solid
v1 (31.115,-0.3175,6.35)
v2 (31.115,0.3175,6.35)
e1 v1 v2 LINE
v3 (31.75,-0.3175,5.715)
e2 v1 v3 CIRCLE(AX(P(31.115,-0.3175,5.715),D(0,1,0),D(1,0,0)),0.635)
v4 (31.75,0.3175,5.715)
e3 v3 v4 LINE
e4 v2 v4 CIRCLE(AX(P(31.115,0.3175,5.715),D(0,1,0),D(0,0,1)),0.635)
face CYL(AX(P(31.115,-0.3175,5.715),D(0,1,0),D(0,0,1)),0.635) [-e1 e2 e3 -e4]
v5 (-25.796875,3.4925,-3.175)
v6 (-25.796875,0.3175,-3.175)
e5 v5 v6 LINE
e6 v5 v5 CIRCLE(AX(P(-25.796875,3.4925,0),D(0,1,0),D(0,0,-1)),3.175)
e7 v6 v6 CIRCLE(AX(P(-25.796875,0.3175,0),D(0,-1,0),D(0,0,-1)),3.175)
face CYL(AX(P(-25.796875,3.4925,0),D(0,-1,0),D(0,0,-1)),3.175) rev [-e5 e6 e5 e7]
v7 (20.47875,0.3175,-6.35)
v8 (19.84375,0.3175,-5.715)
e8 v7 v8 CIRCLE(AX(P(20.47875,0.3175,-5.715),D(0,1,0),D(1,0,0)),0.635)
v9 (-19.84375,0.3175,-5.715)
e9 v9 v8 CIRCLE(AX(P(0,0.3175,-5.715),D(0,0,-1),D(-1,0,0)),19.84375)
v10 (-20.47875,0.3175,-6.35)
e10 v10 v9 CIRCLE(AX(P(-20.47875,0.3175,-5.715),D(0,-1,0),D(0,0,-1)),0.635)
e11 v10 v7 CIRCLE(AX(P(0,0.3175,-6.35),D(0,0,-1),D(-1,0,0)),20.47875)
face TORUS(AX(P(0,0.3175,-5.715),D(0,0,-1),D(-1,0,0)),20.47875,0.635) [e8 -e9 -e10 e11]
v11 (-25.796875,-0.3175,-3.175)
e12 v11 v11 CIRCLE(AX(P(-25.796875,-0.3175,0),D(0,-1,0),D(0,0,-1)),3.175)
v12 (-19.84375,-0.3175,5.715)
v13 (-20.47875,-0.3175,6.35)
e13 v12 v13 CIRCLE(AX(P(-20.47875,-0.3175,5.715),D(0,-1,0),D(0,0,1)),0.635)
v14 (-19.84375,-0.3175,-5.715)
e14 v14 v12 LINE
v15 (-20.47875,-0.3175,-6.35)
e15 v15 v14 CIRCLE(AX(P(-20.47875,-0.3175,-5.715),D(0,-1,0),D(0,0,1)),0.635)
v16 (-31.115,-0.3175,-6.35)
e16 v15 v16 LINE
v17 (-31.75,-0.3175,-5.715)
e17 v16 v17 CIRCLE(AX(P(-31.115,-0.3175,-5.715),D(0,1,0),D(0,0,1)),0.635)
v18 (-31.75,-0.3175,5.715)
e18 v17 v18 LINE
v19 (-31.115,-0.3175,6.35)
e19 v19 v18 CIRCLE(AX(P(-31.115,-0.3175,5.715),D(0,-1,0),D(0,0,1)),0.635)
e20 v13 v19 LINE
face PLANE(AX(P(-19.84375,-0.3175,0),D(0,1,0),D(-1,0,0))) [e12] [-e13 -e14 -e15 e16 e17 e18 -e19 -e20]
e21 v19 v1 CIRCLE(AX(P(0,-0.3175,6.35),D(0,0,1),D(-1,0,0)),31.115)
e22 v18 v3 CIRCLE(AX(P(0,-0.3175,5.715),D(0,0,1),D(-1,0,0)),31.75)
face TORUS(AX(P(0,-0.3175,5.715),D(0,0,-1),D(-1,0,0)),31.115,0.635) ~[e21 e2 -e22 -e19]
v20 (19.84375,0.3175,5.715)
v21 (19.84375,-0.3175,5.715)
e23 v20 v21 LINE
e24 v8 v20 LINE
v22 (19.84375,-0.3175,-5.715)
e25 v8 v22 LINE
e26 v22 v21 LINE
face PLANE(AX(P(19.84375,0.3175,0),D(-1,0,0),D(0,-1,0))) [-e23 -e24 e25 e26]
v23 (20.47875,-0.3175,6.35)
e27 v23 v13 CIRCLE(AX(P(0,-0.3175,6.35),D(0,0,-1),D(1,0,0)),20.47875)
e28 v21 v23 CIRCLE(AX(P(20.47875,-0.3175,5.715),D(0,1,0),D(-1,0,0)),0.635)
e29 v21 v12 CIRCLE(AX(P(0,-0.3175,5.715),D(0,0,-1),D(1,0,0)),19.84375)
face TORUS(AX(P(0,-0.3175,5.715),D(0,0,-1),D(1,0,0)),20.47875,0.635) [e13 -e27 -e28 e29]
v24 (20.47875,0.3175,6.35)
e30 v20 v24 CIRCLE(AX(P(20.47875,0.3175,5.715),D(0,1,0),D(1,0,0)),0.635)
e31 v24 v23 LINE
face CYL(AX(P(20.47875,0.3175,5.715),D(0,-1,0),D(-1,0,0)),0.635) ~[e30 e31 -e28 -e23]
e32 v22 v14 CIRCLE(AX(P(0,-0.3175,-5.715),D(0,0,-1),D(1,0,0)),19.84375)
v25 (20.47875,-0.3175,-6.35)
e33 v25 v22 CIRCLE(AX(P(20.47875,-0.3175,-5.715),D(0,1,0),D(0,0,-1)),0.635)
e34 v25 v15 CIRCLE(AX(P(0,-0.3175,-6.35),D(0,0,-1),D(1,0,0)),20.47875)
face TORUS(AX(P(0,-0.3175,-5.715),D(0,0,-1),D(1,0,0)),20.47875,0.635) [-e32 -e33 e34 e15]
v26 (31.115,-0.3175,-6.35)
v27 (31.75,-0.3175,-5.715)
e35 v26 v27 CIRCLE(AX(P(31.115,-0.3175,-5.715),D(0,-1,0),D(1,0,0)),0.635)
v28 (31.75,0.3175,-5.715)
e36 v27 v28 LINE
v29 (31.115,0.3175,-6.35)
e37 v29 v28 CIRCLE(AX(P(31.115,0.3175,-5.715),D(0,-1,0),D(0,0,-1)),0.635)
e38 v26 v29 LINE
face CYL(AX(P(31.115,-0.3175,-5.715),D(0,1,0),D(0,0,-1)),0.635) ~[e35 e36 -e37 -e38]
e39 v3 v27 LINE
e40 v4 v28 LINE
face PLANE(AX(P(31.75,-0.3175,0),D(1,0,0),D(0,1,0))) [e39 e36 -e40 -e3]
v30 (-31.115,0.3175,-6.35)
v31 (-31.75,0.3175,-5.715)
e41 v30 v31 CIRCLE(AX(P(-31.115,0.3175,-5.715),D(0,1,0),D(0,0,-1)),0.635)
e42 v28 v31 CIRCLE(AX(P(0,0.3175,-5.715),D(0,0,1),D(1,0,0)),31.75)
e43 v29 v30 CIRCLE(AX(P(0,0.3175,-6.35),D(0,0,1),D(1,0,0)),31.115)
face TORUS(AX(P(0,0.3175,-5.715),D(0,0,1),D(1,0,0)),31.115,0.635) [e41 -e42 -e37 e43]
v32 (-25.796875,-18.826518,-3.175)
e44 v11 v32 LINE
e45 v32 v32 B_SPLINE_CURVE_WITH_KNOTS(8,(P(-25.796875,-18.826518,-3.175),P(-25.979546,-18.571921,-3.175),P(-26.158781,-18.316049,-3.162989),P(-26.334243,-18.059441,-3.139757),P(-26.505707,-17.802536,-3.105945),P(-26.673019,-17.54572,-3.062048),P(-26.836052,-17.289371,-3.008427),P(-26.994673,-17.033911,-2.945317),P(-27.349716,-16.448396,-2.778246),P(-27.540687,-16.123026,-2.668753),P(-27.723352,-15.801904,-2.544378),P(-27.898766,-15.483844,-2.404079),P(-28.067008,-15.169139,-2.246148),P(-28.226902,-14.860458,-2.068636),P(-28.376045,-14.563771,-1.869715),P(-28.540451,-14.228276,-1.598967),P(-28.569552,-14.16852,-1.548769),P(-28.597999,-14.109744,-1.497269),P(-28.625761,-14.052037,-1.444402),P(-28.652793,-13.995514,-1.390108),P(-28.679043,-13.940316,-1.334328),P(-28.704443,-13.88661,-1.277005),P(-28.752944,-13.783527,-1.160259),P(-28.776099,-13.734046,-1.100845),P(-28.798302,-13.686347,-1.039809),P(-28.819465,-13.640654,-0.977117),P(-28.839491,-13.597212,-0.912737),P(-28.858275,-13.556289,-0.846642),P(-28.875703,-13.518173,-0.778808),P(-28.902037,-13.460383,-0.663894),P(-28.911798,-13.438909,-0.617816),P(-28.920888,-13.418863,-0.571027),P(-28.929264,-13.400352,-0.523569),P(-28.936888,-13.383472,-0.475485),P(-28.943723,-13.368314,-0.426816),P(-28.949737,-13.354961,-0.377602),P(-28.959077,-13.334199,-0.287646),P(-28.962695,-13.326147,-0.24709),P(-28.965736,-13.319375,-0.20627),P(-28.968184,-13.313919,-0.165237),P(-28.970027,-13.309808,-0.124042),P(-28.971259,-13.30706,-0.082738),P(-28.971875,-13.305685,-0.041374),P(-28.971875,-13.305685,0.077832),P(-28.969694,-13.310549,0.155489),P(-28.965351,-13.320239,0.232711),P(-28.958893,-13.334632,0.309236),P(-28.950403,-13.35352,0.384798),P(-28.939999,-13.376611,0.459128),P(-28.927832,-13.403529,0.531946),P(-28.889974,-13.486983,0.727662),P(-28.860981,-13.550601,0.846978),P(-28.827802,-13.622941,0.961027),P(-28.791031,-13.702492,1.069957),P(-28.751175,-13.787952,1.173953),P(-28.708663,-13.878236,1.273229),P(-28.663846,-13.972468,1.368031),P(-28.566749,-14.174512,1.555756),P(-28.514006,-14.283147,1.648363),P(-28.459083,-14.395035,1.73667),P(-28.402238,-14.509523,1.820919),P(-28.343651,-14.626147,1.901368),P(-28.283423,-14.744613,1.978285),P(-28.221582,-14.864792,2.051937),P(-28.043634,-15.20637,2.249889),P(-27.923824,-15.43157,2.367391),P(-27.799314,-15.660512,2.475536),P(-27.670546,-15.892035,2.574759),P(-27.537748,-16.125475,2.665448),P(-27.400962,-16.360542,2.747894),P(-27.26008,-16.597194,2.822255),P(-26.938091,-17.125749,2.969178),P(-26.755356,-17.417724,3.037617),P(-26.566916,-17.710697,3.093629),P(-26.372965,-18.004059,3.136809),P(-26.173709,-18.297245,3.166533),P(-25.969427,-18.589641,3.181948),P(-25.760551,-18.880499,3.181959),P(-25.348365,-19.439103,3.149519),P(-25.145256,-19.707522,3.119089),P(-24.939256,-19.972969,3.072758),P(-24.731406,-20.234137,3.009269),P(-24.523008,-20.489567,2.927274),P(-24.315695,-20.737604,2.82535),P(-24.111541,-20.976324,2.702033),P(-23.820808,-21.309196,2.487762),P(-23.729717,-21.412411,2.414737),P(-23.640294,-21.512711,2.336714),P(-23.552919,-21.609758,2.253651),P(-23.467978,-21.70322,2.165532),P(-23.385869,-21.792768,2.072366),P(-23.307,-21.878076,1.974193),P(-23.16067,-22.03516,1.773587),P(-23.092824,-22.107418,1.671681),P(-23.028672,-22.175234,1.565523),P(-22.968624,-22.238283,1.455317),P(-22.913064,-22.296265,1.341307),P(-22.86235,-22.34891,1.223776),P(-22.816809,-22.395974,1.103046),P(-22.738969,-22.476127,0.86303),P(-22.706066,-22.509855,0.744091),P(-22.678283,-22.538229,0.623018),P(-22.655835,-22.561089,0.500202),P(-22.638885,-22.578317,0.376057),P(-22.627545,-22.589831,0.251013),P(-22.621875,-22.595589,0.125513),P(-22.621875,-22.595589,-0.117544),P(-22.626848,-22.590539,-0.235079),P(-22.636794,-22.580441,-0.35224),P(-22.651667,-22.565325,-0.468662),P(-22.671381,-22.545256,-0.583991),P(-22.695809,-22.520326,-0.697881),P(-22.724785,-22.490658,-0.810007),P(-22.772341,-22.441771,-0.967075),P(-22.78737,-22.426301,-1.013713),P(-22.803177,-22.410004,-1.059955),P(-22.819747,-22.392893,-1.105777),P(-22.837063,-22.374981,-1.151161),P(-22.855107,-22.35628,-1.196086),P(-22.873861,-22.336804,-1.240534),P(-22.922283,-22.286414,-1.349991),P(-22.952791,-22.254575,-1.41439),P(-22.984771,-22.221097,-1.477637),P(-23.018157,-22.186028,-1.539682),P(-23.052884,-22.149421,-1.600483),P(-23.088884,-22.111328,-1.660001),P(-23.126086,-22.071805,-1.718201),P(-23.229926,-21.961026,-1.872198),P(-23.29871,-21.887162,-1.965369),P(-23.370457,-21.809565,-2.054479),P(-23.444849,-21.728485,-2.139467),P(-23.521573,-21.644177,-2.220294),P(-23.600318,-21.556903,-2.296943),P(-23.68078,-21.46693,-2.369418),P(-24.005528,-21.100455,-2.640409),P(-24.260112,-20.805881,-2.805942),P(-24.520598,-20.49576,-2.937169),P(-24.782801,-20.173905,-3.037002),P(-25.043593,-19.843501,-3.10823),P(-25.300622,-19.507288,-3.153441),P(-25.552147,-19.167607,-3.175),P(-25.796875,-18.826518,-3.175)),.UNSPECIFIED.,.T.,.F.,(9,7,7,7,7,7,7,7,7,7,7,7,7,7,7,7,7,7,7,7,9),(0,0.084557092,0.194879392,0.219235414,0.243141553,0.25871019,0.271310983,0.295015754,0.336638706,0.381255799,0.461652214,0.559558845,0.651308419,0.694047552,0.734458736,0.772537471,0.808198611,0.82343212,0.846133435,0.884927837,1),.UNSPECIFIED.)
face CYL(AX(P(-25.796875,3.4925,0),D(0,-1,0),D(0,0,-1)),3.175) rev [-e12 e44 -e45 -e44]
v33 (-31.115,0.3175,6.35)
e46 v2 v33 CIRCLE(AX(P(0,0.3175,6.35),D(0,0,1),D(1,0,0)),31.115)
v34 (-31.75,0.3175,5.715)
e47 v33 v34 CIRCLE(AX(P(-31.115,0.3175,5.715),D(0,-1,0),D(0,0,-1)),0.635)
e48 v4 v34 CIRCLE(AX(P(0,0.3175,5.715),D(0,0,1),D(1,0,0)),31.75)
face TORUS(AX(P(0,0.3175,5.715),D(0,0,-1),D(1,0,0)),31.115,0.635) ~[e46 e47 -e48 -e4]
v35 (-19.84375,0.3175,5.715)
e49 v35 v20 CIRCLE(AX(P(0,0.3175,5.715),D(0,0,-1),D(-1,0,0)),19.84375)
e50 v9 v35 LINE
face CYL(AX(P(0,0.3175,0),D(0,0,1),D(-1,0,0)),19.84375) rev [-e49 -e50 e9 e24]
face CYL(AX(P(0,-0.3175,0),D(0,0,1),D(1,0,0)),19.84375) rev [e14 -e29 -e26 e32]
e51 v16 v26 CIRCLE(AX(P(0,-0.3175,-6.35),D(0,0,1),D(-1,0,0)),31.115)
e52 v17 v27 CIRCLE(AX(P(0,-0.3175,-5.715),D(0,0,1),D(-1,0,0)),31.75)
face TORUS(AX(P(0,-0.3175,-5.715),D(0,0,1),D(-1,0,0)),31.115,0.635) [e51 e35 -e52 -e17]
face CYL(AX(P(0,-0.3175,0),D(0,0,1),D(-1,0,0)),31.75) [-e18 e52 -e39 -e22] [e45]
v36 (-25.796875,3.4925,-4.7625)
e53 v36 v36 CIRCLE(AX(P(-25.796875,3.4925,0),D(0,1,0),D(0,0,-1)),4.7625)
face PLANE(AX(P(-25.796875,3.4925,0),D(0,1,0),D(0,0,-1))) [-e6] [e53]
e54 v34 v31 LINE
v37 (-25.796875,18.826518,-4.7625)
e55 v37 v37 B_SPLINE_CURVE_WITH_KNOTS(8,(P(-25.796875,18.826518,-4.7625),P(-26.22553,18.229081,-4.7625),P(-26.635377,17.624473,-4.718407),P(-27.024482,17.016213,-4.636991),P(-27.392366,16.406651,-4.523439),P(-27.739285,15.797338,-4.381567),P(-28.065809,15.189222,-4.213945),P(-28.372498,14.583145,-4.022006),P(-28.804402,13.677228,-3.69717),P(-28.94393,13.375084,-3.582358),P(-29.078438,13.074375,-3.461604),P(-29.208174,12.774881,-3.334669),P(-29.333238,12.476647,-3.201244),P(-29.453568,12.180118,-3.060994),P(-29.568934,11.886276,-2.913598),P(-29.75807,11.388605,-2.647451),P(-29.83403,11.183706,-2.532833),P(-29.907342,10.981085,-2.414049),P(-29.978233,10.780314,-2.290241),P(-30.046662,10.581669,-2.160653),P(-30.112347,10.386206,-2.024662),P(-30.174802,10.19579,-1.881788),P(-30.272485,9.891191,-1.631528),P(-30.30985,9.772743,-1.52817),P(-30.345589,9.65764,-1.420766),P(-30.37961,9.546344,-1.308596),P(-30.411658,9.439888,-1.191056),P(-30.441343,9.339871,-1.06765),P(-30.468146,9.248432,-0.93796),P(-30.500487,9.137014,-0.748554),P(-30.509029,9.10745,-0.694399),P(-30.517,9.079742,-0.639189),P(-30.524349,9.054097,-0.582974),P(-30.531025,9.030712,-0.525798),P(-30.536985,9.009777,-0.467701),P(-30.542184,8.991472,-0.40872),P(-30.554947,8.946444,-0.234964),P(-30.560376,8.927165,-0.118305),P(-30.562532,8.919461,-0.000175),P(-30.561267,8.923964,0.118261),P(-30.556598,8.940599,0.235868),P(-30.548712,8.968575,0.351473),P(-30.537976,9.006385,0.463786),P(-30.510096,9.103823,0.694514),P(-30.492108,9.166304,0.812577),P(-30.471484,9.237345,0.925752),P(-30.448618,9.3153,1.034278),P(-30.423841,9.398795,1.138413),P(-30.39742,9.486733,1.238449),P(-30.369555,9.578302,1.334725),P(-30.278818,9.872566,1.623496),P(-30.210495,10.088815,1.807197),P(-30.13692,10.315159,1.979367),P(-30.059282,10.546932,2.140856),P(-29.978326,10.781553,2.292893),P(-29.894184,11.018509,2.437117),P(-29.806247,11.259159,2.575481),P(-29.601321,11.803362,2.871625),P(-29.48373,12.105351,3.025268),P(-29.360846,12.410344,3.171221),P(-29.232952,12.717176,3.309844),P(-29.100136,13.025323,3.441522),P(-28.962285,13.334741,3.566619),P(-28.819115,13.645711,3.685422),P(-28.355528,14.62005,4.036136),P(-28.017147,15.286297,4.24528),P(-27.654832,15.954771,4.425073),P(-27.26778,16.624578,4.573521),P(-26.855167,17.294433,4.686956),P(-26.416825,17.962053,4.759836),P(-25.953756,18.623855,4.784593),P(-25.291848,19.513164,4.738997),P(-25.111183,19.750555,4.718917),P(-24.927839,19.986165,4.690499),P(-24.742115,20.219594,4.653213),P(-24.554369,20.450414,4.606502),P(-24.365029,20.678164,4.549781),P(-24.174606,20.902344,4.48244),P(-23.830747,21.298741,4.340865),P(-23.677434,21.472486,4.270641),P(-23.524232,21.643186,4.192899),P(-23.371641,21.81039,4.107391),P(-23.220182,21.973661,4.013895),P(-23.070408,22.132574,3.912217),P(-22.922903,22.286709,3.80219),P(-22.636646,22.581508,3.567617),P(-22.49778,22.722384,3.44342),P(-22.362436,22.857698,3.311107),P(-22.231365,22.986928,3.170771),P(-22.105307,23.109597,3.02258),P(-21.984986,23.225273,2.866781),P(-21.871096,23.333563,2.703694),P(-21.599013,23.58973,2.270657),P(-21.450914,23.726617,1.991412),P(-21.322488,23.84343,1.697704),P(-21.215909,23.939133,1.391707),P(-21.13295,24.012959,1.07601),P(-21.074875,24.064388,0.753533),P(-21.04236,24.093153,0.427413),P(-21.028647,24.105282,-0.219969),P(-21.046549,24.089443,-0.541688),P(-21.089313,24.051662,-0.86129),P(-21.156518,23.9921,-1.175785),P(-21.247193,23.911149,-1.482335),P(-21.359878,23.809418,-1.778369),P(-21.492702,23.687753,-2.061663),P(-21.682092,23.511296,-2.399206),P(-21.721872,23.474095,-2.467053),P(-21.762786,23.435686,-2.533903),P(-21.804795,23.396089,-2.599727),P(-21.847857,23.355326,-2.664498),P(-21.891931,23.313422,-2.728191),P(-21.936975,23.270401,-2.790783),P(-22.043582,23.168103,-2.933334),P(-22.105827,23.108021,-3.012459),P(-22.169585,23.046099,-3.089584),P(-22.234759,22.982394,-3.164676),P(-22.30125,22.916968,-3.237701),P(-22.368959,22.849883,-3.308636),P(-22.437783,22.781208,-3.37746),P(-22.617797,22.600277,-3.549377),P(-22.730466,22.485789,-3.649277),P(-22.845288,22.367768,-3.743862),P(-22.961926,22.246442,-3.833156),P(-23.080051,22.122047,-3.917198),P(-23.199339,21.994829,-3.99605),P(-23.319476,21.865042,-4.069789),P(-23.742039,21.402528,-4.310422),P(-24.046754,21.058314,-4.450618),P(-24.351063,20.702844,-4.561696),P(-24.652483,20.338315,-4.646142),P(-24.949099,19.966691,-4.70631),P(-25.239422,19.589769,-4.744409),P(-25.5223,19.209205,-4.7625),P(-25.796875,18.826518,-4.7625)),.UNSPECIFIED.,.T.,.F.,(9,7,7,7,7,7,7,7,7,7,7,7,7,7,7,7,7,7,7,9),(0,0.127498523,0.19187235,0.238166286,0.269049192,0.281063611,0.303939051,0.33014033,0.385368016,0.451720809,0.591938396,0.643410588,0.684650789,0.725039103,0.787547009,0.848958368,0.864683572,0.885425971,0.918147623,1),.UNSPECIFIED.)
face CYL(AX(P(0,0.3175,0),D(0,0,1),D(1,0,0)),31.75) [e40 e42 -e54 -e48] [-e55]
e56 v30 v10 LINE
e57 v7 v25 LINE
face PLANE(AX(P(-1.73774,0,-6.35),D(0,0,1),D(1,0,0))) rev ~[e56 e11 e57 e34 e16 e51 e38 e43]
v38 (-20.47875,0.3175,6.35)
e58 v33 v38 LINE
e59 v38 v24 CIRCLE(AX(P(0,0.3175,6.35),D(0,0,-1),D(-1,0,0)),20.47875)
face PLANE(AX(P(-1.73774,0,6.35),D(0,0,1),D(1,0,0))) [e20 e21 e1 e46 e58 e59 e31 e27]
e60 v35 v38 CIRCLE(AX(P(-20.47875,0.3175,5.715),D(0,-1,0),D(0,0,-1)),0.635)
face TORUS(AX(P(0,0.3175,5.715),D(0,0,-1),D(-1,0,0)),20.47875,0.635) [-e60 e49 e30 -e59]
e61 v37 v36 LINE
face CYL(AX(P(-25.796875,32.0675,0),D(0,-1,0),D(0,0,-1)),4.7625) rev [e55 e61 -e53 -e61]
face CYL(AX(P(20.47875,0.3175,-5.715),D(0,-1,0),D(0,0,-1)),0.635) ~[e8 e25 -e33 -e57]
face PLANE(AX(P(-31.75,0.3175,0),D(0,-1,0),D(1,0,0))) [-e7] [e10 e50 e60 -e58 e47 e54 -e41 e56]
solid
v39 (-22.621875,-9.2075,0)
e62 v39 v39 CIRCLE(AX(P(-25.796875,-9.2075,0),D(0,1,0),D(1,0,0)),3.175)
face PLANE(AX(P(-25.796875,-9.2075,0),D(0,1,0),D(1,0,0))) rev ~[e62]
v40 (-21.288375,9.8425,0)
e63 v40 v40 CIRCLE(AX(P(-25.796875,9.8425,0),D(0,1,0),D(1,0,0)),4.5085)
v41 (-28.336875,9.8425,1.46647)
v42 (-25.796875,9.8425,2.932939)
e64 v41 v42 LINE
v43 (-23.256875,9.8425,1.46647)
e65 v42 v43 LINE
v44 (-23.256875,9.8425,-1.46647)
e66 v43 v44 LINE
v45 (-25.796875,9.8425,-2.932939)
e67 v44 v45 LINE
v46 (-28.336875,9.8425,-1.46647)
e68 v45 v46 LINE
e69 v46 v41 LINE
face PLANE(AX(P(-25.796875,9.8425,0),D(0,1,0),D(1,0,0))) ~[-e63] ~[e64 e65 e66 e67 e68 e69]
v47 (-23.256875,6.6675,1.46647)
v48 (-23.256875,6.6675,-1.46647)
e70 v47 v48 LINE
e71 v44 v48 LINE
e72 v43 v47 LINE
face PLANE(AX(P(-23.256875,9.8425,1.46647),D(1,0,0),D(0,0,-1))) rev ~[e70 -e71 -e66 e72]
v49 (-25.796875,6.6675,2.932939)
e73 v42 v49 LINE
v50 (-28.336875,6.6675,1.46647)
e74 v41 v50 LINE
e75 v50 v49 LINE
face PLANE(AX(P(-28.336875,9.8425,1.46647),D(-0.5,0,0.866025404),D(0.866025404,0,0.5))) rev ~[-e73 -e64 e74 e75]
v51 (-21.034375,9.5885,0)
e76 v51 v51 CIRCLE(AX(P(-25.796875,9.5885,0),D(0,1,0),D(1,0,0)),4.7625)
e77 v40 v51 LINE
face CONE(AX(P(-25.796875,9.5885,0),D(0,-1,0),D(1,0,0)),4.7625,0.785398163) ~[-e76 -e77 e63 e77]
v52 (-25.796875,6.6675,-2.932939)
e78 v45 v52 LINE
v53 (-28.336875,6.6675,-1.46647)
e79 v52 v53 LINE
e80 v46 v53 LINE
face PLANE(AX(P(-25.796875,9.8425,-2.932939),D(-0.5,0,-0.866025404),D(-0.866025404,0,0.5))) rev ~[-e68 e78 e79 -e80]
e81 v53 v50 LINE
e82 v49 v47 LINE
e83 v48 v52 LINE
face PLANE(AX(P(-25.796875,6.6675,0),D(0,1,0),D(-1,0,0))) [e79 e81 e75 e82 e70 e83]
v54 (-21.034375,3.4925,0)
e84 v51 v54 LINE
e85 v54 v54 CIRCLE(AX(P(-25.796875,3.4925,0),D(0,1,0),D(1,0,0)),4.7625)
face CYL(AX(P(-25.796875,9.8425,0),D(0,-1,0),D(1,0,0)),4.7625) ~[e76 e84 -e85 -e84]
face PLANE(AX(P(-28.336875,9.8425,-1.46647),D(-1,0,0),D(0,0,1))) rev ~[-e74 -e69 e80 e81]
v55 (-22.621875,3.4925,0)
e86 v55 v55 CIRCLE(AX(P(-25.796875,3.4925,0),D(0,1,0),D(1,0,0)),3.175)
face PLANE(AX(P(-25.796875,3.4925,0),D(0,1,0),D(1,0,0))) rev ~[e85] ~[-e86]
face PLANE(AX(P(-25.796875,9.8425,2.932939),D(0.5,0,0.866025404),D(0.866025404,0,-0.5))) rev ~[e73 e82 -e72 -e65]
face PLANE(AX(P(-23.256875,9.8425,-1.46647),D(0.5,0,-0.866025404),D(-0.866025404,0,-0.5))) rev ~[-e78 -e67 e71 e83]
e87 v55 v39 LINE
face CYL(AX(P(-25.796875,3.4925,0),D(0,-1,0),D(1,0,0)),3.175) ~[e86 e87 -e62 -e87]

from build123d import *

# Parameters (mm, degrees)
EXTRUDE1_DEPTH     = 6.35
CUT_EXTRUDE2_DEPTH = 3.175
FILLET1_R          = 0.635
CHAMFER2_SIZE      = 0.254


with BuildPart() as part:
    # Sketch1 → Extrude1 (new, symmetric)
    with BuildSketch(Plane.XY):
        with BuildLine():
            Line((-31.75, 0.3175), (-19.84375, 0.3175))
            ThreePointArc((-19.84375, 0.3175), (0, 20.16125), (19.84375, 0.3175))
            Line((19.84375, 0.3175), (19.84375, -0.3175))
            ThreePointArc((19.84375, -0.3175), (0, -20.16125), (-19.84375, -0.3175))
            Line((-19.84375, -0.3175), (-31.75, -0.3175))
            ThreePointArc((-31.75, -0.3175), (0, -32.0675), (31.75, -0.3175))
            Line((31.75, -0.3175), (31.75, 0.3175))
            ThreePointArc((31.75, 0.3175), (0, 32.0675), (-31.75, 0.3175))
        make_face()
    extrude(amount=EXTRUDE1_DEPTH, both=True)

    # Sketch4 → Cut-Revolve1 (revolve, cut)
    with BuildSketch(Plane.XY, mode=Mode.PRIVATE) as cut_revolve1_sk:
        Polygon((-25.796875, 32.0675), (-21.034375, 32.0675), (-21.034375, 3.4925), (-22.621875, 3.4925), (-22.621875, -32.0675), (-25.796875, -32.0675), align=None)
    revolve(cut_revolve1_sk.sketch.rotate(Axis((-25.796875, -32.0675, 0), (0, 1, 0)), 90), axis=Axis((-25.796875, -32.0675, 0), (0, 1, 0)), mode=Mode.SUBTRACT)

    # Fillet1
    fillet1_edges = [part.edges().sort_by_distance(p)[0] for p in [
        (0, 20.16125, 6.35),
        (19.84375, 0, 6.35),
        (0, -20.16125, 6.35),
        (0, -32.0675, 6.35),
        (31.75, 0, 6.35),
        (0, 32.0675, 6.35),
        (31.75, 0, -6.35),
        (0, -32.0675, -6.35),
        (0, -20.16125, -6.35),
        (19.84375, 0, -6.35),
        (0, 20.16125, -6.35),
        (0, 32.0675, -6.35),
    ]]
    fillet(fillet1_edges, radius=FILLET1_R)


with BuildPart() as body_2:
    # Sketch6 → Revolve1 (revolve)
    with BuildSketch(Plane.XY):
        Polygon((-25.796875, 9.8425), (-21.034375, 9.8425), (-21.034375, 3.4925), (-22.621875, 3.4925), (-22.621875, -9.2075), (-25.796875, -9.2075), align=None)
    revolve(axis=Axis((-25.796875, -9.2075, 0), (0, 1, 0)))

    # Sketch7 → Cut-Extrude2 (cut)
    with BuildSketch(Plane(origin=(0, 9.8425, 0), x_dir=(-1, 0, 0), z_dir=(0, 1, 0))):
        Polygon((25.796875, -2.932939367), (28.336875, -1.466469684), (28.336875, 1.466469684), (25.796875, 2.932939367), (23.256875, 1.466469684), (23.256875, -1.466469684), align=None)
    extrude(amount=-CUT_EXTRUDE2_DEPTH, mode=Mode.SUBTRACT)

    # Chamfer2
    chamfer2_edges = [body_2.edges().sort_by_distance(p)[0] for p in [
        (-30.559375, 9.8425, 0),
    ]]
    chamfer(chamfer2_edges, length=CHAMFER2_SIZE)


solid = Compound([part.part, body_2.part])
